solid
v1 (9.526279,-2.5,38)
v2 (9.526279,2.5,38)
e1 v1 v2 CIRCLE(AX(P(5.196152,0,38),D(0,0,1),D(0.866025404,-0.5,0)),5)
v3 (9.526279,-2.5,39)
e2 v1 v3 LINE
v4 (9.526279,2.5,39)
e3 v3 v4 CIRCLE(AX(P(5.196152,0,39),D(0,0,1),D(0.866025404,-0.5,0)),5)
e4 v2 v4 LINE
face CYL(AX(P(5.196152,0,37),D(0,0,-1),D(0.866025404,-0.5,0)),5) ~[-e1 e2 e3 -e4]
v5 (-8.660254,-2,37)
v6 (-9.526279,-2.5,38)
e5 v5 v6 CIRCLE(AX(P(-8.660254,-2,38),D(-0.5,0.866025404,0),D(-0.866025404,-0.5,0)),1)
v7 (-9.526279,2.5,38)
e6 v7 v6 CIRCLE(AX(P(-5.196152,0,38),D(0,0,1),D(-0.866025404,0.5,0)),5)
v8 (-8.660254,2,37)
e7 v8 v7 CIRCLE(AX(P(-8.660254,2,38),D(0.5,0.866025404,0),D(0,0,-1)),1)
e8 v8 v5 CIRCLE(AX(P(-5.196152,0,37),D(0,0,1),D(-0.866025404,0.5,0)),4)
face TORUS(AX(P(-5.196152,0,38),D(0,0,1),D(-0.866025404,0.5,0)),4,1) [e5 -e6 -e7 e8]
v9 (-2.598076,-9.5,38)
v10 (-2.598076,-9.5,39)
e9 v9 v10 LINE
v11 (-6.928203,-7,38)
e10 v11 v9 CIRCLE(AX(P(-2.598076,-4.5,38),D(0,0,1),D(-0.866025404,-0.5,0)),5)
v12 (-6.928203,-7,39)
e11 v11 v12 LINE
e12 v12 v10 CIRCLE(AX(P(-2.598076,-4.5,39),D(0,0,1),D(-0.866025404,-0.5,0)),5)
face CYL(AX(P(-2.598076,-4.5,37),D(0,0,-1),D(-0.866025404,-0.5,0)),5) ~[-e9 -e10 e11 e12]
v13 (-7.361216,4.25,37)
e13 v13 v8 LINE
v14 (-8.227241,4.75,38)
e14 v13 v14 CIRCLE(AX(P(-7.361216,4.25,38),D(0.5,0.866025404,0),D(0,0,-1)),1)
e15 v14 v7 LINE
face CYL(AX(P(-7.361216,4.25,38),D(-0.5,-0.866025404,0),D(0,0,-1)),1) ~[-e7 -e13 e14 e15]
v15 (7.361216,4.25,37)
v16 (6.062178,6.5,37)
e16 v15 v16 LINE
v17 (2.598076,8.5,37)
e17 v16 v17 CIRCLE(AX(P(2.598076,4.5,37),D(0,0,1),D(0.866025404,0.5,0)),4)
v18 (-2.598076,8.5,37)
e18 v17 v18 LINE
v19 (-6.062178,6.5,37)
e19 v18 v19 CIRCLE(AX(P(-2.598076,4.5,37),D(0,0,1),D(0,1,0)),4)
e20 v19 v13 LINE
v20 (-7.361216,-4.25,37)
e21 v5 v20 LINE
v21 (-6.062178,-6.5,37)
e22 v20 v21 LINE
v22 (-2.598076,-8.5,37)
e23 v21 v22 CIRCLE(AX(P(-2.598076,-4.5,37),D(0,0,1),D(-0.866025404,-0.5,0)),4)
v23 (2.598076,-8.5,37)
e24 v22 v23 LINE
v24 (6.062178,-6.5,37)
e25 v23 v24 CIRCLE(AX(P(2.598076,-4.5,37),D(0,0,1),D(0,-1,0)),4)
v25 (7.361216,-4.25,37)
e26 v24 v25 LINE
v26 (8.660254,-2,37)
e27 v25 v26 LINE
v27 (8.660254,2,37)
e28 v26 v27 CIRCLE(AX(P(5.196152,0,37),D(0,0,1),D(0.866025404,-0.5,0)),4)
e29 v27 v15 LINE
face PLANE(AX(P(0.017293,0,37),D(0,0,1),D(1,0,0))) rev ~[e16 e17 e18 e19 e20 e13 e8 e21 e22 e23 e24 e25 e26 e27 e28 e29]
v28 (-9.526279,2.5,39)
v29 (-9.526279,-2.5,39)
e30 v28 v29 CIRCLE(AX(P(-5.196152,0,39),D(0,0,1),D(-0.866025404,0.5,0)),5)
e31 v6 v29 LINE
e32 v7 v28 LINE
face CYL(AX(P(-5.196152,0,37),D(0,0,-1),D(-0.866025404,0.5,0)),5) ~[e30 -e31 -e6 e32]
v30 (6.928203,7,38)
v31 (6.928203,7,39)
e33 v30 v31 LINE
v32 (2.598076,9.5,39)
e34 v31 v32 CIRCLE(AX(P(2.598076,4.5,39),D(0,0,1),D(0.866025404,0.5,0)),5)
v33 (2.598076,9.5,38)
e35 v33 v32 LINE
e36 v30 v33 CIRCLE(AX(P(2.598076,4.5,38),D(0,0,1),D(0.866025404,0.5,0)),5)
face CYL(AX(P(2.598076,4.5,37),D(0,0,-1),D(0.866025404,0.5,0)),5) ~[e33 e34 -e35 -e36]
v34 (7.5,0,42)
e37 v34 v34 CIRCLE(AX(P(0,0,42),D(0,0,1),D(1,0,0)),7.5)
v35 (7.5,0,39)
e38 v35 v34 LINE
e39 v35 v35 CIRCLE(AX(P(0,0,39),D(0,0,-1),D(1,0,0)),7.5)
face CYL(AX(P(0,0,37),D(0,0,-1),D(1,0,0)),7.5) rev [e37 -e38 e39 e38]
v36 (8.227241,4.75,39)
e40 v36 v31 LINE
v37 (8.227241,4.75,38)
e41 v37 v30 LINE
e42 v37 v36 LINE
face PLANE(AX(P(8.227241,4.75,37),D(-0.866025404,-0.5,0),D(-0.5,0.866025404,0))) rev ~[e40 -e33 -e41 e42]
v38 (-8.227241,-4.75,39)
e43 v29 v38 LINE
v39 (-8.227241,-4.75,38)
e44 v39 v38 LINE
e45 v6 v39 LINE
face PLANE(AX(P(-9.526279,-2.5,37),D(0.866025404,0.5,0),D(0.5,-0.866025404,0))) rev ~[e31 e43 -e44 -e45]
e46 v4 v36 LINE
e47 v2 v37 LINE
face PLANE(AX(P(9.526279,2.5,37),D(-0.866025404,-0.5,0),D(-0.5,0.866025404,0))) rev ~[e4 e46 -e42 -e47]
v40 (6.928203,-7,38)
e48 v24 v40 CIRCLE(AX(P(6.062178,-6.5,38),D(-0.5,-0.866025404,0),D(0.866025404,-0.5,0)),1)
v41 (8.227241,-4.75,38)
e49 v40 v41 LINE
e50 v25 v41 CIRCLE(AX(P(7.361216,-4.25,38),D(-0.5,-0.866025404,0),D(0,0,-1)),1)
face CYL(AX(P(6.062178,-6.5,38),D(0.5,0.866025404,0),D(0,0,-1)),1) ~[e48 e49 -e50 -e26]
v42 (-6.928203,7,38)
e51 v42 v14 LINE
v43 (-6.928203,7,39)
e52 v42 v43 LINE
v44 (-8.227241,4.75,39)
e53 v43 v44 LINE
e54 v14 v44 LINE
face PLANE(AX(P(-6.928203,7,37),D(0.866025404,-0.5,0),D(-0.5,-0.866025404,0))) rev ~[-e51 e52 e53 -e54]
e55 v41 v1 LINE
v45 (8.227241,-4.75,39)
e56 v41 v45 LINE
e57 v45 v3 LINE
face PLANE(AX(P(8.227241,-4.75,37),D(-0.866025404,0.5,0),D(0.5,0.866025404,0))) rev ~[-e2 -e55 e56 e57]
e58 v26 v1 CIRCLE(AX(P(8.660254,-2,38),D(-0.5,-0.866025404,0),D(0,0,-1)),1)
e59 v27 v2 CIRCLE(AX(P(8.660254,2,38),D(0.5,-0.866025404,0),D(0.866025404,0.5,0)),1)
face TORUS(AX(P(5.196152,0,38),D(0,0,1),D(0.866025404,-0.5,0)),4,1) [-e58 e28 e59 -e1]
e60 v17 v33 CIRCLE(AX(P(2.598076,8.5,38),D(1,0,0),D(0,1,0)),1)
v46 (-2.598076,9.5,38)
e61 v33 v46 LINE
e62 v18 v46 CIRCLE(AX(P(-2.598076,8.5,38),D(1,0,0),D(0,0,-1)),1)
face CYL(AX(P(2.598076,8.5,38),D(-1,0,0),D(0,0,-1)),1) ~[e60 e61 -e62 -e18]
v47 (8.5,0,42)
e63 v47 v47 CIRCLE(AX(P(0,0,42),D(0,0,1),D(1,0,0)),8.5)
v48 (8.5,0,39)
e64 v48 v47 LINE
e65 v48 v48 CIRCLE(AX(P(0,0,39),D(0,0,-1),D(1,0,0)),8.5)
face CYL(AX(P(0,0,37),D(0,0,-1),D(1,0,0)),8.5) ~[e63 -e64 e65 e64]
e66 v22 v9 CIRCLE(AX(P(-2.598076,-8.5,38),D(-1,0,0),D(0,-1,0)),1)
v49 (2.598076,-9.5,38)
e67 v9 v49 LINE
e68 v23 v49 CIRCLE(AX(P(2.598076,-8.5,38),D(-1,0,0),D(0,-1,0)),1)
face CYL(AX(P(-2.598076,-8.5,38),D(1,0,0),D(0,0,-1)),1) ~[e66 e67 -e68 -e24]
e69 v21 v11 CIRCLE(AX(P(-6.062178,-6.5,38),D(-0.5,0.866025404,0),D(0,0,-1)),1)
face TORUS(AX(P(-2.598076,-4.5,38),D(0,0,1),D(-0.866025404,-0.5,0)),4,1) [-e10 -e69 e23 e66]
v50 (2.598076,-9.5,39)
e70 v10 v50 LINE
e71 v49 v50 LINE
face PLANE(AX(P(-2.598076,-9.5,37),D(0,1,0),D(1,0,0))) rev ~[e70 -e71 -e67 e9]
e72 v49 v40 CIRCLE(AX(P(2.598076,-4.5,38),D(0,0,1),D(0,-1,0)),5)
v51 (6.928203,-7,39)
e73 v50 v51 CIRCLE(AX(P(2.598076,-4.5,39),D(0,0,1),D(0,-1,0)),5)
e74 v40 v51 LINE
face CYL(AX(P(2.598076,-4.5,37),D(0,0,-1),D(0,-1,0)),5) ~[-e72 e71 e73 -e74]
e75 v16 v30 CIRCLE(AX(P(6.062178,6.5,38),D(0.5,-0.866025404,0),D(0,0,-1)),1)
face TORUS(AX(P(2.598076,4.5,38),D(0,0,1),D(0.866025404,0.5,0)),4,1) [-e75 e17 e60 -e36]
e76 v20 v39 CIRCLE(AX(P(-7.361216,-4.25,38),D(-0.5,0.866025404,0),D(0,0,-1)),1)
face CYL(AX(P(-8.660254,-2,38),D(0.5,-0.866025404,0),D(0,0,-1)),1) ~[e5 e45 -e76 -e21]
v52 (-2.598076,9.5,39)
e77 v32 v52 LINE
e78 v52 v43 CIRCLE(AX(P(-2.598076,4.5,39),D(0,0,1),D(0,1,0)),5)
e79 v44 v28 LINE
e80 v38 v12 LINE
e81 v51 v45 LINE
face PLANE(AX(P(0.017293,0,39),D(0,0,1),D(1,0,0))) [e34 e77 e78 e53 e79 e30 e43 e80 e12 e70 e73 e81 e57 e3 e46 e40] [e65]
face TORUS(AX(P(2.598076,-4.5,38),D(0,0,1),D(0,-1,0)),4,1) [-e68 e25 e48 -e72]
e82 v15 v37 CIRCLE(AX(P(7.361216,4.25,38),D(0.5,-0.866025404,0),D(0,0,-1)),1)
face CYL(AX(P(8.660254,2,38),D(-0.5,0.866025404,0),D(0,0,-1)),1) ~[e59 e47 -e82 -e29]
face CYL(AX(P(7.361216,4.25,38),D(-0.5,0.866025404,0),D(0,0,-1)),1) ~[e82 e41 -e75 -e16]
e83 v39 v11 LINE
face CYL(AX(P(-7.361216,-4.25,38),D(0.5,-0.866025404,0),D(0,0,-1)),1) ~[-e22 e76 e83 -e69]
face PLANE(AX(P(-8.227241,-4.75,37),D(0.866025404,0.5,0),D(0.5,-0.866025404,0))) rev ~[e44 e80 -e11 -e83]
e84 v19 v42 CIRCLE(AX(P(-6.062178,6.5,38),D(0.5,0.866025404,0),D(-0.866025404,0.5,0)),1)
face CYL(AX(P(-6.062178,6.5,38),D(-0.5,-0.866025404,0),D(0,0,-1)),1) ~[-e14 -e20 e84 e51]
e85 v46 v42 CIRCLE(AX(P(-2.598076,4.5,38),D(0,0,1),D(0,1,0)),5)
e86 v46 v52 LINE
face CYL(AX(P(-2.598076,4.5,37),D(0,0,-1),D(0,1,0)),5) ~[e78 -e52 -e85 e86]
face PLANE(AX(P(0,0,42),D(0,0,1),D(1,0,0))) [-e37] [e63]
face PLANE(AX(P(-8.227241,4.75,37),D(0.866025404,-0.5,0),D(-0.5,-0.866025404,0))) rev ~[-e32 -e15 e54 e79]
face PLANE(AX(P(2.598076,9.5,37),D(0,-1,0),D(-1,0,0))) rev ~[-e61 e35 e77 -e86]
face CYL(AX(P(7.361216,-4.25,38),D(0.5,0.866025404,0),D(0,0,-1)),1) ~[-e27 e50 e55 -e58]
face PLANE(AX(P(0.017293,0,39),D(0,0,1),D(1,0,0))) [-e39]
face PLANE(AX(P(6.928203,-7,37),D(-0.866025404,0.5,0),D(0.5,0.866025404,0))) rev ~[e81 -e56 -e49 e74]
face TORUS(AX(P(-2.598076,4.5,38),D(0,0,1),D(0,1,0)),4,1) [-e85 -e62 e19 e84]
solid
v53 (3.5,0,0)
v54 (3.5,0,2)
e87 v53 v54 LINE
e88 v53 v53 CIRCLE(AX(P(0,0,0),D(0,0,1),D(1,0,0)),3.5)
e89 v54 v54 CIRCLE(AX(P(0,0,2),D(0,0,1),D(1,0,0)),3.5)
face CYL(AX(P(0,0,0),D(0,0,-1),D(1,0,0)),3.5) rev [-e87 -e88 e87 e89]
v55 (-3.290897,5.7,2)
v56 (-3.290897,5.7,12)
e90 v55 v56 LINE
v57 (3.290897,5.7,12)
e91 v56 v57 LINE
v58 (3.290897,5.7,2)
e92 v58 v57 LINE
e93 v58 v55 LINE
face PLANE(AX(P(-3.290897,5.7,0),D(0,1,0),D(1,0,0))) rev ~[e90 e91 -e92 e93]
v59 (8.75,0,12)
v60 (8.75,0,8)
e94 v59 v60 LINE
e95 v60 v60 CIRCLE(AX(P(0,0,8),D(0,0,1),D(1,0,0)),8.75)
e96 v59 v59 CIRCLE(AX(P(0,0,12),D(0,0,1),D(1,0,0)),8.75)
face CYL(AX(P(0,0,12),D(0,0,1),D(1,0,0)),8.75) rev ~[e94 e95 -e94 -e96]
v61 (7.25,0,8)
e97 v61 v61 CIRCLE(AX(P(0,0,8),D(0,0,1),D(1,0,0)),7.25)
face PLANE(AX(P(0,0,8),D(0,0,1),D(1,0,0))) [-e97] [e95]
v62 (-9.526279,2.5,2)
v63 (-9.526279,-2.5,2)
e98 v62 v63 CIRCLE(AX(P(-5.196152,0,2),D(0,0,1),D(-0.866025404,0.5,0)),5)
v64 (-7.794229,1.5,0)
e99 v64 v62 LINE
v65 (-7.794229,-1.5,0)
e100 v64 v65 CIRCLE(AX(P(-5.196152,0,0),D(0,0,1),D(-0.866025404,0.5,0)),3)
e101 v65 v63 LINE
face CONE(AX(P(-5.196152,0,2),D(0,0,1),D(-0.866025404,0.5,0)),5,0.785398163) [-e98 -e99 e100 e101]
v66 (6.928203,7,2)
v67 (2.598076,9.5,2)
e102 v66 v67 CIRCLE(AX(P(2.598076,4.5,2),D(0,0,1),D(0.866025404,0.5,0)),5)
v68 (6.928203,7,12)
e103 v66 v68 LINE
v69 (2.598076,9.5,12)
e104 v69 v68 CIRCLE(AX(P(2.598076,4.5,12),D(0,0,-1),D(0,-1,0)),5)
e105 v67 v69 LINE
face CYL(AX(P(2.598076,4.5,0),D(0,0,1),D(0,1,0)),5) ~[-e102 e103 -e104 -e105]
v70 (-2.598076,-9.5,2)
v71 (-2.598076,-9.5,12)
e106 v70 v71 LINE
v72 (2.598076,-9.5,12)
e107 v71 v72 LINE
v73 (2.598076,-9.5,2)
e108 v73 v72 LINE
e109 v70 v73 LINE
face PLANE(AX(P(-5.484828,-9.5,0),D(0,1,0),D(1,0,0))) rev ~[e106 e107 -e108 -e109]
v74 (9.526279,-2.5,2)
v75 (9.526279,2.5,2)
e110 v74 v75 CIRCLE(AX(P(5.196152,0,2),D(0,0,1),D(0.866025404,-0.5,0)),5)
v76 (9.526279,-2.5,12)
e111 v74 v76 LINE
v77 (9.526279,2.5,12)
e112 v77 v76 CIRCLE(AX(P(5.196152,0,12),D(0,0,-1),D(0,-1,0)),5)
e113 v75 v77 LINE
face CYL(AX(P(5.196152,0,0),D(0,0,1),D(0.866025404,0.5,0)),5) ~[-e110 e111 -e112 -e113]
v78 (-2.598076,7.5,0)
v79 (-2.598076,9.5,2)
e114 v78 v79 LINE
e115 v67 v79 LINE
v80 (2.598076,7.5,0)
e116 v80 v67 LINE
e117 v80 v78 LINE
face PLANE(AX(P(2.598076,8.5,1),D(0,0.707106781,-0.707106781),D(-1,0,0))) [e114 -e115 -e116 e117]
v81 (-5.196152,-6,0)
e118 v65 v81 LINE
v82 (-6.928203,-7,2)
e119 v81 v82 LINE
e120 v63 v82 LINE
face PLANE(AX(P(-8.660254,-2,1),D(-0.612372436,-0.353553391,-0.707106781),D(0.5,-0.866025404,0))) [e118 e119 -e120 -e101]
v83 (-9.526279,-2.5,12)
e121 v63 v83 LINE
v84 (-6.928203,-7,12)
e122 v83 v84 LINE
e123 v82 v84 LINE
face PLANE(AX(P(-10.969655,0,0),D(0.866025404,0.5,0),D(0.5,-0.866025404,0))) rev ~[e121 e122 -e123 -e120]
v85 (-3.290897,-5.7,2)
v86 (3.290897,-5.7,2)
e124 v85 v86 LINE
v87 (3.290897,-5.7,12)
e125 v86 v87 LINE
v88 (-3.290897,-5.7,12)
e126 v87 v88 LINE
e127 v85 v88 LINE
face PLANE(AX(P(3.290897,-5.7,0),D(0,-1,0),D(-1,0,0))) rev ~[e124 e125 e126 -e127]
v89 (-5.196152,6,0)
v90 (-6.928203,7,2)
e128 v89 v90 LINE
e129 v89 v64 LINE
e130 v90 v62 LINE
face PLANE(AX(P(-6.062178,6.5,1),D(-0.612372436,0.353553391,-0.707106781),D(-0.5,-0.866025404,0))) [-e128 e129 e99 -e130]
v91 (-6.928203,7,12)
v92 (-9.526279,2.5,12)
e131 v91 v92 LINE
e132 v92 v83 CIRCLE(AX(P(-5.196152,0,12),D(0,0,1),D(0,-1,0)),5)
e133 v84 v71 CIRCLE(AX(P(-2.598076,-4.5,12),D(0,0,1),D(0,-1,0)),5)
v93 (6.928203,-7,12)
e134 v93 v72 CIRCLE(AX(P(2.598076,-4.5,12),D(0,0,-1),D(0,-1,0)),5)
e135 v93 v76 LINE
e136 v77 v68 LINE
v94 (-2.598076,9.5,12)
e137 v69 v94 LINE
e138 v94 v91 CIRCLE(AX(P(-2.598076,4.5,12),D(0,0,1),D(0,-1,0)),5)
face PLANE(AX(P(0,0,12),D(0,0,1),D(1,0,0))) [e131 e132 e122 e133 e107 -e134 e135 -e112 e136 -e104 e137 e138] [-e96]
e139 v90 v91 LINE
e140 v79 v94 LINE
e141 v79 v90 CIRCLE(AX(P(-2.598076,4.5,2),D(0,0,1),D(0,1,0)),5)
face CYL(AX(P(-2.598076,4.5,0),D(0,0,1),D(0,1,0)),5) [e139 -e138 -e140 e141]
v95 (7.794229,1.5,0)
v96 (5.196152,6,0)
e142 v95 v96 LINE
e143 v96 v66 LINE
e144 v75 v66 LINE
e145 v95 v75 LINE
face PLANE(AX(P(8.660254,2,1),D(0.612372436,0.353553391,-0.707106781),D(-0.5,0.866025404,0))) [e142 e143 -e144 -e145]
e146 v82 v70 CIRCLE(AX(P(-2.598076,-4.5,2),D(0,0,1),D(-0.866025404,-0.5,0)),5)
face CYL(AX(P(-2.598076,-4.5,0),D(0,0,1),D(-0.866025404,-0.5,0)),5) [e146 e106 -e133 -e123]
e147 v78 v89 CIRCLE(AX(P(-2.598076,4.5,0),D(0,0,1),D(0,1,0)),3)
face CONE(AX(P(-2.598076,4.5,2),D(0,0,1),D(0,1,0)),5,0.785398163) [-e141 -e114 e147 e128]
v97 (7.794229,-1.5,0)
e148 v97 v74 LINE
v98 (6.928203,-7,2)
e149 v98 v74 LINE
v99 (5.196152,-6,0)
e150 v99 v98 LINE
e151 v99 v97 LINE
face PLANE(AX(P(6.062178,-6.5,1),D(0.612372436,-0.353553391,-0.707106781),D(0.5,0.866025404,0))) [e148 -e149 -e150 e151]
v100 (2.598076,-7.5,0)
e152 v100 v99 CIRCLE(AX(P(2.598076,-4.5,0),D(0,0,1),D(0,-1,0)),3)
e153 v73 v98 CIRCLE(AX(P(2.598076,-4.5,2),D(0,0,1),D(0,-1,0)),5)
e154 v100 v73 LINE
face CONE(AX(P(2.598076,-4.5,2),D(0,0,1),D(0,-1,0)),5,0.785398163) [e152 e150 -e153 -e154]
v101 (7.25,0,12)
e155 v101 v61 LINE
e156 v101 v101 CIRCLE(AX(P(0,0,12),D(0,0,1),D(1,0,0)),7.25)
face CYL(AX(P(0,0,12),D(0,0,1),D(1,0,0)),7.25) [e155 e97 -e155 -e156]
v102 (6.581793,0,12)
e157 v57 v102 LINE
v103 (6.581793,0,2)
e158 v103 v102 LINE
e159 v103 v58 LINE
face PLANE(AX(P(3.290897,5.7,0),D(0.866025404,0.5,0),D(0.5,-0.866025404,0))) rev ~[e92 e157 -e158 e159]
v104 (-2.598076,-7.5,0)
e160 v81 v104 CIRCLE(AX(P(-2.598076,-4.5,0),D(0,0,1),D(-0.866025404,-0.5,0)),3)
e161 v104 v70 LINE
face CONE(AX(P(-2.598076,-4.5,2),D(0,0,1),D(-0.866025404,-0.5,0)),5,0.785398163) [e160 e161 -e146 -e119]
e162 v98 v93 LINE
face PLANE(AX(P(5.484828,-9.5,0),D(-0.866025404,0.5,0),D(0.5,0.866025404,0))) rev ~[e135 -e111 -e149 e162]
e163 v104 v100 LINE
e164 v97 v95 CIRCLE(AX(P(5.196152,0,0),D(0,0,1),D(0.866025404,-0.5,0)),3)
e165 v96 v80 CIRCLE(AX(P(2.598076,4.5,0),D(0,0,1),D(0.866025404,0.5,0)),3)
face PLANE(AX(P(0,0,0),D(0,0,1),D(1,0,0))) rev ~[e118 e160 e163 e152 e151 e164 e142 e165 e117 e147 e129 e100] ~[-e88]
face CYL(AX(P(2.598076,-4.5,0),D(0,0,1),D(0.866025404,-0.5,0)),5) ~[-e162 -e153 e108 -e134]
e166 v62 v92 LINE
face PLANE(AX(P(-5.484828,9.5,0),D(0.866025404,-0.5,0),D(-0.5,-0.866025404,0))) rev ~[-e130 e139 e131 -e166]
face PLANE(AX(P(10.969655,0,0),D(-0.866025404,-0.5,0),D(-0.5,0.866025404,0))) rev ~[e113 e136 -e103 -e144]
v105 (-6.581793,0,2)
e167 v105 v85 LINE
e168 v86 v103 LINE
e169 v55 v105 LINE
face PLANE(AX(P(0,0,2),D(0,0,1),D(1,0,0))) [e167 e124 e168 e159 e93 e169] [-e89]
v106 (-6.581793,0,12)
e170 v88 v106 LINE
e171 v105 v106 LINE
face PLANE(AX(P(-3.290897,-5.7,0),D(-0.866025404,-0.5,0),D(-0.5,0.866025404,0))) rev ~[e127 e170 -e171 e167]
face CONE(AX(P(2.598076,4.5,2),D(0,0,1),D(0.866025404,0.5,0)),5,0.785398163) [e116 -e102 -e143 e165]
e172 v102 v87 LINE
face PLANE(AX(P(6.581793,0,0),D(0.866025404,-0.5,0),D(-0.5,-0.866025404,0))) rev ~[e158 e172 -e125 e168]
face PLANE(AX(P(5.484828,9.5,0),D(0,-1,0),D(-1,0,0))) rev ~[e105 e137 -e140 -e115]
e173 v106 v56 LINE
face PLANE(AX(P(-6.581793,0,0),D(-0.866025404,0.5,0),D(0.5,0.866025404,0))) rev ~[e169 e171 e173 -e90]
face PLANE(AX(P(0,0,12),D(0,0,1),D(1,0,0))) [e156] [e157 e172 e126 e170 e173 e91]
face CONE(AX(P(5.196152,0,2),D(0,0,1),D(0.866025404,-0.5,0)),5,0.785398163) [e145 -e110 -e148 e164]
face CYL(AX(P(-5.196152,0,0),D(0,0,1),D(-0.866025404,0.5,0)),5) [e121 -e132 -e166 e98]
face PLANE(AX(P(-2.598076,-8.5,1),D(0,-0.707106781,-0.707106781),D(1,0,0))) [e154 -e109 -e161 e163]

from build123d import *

# Parameters (mm, degrees)
F1_DEPTH = 12
F0_R     = 3.5
F2_DEPTH = 2
F3_R     = 5
F4_R     = 8.75
F4_R_2   = 7.25
F5_DEPTH = 4
F7_R     = 8.5
F7_R_2   = 7.5
F8_DEPTH = 5
F9_DEPTH = 2
F10_R    = 1
F11_SIZE = 2


with BuildPart() as f1:
    # F0 (on Top) → F1 (new body)
    with BuildSketch(Plane.XY):
        Polygon((5.4848275573, 9.5), (-5.4848275573, 9.5), (-10.9696551146, 0), (-5.4848275573, -9.5), (5.4848275573, -9.5), (10.9696551146, 0), align=None)
        Polygon((3.2908965344, 5.7), (6.5817930688, 0), (3.2908965344, -5.7), (-3.2908965344, -5.7), (-6.5817930688, 0), (-3.2908965344, 5.7), align=None, mode=Mode.SUBTRACT)
    extrude(amount=F1_DEPTH)

    # F0 (on Top) → F2 (join)
    with BuildSketch(Plane.XY):
        Polygon((3.2908965344, -5.7), (6.5817930688, 0), (3.2908965344, 5.7), (-3.2908965344, 5.7), (-6.5817930688, 0), (-3.2908965344, -5.7), align=None)
        Circle(F0_R, mode=Mode.SUBTRACT)
    extrude(amount=F2_DEPTH)

    # F3
    f3_edges = [f1.edges().sort_by_distance(p)[0] for p in [
        (-5.484828, 9.5, 6),
        (-10.969655, 0, 6),
        (-5.484828, -9.5, 6),
        (5.484828, -9.5, 6),
        (10.969655, 0, 6),
        (5.484828, 9.5, 6),
    ]]
    fillet(f3_edges, radius=F3_R)

    # F4 (on face) → F5 (cut)
    with BuildSketch(Plane.XY.offset(12)):
        Circle(F4_R)
        Circle(F4_R_2, mode=Mode.SUBTRACT)
    extrude(amount=-F5_DEPTH, mode=Mode.SUBTRACT)

    # F11
    f11_edges = [f1.edges().sort_by_distance(p)[0] for p in [
        (0, 9.5, 0),
        (5.098076, 8.830127, 0),
    ]]
    chamfer(f11_edges, length=F11_SIZE)


with BuildPart() as f8:
    # F7 (on offset) → F8 (new body)
    with BuildSketch(Plane.XY.offset(37)):
        Circle(F7_R)
        Circle(F7_R_2, mode=Mode.SUBTRACT)
    extrude(amount=F8_DEPTH)

    # F7 (on offset) → F9 (join)
    with BuildSketch(Plane.XY.offset(37)):
        with BuildLine():
            ThreePointArc((8.2272414301, 4.749999837), (4.7500000815, 8.2272412889), (0, 9.5))
            ThreePointArc((0, 9.5), (-4.75, 8.227241336), (-8.227241336, 4.75))
            ThreePointArc((-8.227241336, 4.75), (-9.5, 9.41e-08), (-8.2272414301, -4.749999837))
            ThreePointArc((-8.2272414301, -4.749999837), (-4.7500000815, -8.2272412889), (0, -9.5))
            ThreePointArc((0, -9.5), (4.75, -8.227241336), (8.227241336, -4.75))
            ThreePointArc((8.227241336, -4.75), (9.1762953497, -2.4587809285), (9.5, 0))
            ThreePointArc((9.5, 0), (9.1762953741, 2.4587808376), (8.2272414301, 4.749999837))
        make_face()
        Circle(F7_R, mode=Mode.SUBTRACT)
        Circle(F7_R)
        Circle(F7_R_2, mode=Mode.SUBTRACT)
        Circle(F7_R_2)
        with BuildLine():
            Line((6.9282032303, -7), (8.227241336, -4.75))
            ThreePointArc((8.227241336, -4.75), (4.75, -8.227241336), (0, -9.5))
            Line((0, -9.5), (2.5980762114, -9.5))
            ThreePointArc((2.5980762114, -9.5), (5.0980762114, -8.8301270189), (6.9282032303, -7))
        make_face()
        with BuildLine():
            ThreePointArc((0, -9.5), (-4.7500000815, -8.2272412889), (-8.2272414301, -4.749999837))
            Line((-8.2272414301, -4.749999837), (-6.9282032303, -7))
            ThreePointArc((-6.9282032303, -7), (-5.0980762114, -8.8301270189), (-2.5980762114, -9.5))
            Line((-2.5980762114, -9.5), (0, -9.5))
        make_face()
        with BuildLine():
            ThreePointArc((-8.2272414301, -4.749999837), (-9.5, 9.41e-08), (-8.227241336, 4.75))
            Line((-8.227241336, 4.75), (-9.5262794416, 2.5))
            ThreePointArc((-9.5262794416, 2.5), (-10.1961524227, 0), (-9.5262794416, -2.5))
            Line((-9.5262794416, -2.5), (-8.2272414301, -4.749999837))
        make_face()
        with BuildLine():
            Line((0, 9.5), (-2.5980762114, 9.5))
            ThreePointArc((-2.5980762114, 9.5), (-5.0980762114, 8.8301270189), (-6.9282032303, 7))
            Line((-6.9282032303, 7), (-8.227241336, 4.75))
            ThreePointArc((-8.227241336, 4.75), (-4.75, 8.227241336), (0, 9.5))
        make_face()
        with BuildLine():
            Line((2.5980762114, 9.5), (0, 9.5))
            ThreePointArc((0, 9.5), (4.7500000815, 8.2272412889), (8.2272414301, 4.749999837))
            Line((8.2272414301, 4.749999837), (6.9282032303, 7))
            ThreePointArc((6.9282032303, 7), (5.0980762114, 8.8301270189), (2.5980762114, 9.5))
        make_face()
        with BuildLine():
            Line((9.5262794416, 2.5), (8.2272414301, 4.749999837))
            ThreePointArc((8.2272414301, 4.749999837), (9.1762953741, 2.4587808376), (9.5, 0))
            ThreePointArc((9.5, 0), (9.1762953497, -2.4587809285), (8.227241336, -4.75))
            Line((8.227241336, -4.75), (9.5262794416, -2.5))
            ThreePointArc((9.5262794416, -2.5), (10.1961524227, 0), (9.5262794416, 2.5))
        make_face()
    extrude(amount=F9_DEPTH)

    # F10
    f10_edges = [f8.edges().sort_by_distance(p)[0] for p in [
        (5.098076, -8.830127, 37),
        (8.227241, -4.75, 37),
        (10.196152, 0, 37),
        (8.227241, 4.75, 37),
        (5.098076, 8.830127, 37),
        (0, 9.5, 37),
        (-5.098076, 8.830127, 37),
        (-8.227241, 4.75, 37),
        (-10.196152, 0, 37),
        (-8.227241, -4.75, 37),
        (-5.098076, -8.830127, 37),
        (0, -9.5, 37),
    ]]
    fillet(f10_edges, radius=F10_R)


solid = Compound([f1.part, f8.part])
